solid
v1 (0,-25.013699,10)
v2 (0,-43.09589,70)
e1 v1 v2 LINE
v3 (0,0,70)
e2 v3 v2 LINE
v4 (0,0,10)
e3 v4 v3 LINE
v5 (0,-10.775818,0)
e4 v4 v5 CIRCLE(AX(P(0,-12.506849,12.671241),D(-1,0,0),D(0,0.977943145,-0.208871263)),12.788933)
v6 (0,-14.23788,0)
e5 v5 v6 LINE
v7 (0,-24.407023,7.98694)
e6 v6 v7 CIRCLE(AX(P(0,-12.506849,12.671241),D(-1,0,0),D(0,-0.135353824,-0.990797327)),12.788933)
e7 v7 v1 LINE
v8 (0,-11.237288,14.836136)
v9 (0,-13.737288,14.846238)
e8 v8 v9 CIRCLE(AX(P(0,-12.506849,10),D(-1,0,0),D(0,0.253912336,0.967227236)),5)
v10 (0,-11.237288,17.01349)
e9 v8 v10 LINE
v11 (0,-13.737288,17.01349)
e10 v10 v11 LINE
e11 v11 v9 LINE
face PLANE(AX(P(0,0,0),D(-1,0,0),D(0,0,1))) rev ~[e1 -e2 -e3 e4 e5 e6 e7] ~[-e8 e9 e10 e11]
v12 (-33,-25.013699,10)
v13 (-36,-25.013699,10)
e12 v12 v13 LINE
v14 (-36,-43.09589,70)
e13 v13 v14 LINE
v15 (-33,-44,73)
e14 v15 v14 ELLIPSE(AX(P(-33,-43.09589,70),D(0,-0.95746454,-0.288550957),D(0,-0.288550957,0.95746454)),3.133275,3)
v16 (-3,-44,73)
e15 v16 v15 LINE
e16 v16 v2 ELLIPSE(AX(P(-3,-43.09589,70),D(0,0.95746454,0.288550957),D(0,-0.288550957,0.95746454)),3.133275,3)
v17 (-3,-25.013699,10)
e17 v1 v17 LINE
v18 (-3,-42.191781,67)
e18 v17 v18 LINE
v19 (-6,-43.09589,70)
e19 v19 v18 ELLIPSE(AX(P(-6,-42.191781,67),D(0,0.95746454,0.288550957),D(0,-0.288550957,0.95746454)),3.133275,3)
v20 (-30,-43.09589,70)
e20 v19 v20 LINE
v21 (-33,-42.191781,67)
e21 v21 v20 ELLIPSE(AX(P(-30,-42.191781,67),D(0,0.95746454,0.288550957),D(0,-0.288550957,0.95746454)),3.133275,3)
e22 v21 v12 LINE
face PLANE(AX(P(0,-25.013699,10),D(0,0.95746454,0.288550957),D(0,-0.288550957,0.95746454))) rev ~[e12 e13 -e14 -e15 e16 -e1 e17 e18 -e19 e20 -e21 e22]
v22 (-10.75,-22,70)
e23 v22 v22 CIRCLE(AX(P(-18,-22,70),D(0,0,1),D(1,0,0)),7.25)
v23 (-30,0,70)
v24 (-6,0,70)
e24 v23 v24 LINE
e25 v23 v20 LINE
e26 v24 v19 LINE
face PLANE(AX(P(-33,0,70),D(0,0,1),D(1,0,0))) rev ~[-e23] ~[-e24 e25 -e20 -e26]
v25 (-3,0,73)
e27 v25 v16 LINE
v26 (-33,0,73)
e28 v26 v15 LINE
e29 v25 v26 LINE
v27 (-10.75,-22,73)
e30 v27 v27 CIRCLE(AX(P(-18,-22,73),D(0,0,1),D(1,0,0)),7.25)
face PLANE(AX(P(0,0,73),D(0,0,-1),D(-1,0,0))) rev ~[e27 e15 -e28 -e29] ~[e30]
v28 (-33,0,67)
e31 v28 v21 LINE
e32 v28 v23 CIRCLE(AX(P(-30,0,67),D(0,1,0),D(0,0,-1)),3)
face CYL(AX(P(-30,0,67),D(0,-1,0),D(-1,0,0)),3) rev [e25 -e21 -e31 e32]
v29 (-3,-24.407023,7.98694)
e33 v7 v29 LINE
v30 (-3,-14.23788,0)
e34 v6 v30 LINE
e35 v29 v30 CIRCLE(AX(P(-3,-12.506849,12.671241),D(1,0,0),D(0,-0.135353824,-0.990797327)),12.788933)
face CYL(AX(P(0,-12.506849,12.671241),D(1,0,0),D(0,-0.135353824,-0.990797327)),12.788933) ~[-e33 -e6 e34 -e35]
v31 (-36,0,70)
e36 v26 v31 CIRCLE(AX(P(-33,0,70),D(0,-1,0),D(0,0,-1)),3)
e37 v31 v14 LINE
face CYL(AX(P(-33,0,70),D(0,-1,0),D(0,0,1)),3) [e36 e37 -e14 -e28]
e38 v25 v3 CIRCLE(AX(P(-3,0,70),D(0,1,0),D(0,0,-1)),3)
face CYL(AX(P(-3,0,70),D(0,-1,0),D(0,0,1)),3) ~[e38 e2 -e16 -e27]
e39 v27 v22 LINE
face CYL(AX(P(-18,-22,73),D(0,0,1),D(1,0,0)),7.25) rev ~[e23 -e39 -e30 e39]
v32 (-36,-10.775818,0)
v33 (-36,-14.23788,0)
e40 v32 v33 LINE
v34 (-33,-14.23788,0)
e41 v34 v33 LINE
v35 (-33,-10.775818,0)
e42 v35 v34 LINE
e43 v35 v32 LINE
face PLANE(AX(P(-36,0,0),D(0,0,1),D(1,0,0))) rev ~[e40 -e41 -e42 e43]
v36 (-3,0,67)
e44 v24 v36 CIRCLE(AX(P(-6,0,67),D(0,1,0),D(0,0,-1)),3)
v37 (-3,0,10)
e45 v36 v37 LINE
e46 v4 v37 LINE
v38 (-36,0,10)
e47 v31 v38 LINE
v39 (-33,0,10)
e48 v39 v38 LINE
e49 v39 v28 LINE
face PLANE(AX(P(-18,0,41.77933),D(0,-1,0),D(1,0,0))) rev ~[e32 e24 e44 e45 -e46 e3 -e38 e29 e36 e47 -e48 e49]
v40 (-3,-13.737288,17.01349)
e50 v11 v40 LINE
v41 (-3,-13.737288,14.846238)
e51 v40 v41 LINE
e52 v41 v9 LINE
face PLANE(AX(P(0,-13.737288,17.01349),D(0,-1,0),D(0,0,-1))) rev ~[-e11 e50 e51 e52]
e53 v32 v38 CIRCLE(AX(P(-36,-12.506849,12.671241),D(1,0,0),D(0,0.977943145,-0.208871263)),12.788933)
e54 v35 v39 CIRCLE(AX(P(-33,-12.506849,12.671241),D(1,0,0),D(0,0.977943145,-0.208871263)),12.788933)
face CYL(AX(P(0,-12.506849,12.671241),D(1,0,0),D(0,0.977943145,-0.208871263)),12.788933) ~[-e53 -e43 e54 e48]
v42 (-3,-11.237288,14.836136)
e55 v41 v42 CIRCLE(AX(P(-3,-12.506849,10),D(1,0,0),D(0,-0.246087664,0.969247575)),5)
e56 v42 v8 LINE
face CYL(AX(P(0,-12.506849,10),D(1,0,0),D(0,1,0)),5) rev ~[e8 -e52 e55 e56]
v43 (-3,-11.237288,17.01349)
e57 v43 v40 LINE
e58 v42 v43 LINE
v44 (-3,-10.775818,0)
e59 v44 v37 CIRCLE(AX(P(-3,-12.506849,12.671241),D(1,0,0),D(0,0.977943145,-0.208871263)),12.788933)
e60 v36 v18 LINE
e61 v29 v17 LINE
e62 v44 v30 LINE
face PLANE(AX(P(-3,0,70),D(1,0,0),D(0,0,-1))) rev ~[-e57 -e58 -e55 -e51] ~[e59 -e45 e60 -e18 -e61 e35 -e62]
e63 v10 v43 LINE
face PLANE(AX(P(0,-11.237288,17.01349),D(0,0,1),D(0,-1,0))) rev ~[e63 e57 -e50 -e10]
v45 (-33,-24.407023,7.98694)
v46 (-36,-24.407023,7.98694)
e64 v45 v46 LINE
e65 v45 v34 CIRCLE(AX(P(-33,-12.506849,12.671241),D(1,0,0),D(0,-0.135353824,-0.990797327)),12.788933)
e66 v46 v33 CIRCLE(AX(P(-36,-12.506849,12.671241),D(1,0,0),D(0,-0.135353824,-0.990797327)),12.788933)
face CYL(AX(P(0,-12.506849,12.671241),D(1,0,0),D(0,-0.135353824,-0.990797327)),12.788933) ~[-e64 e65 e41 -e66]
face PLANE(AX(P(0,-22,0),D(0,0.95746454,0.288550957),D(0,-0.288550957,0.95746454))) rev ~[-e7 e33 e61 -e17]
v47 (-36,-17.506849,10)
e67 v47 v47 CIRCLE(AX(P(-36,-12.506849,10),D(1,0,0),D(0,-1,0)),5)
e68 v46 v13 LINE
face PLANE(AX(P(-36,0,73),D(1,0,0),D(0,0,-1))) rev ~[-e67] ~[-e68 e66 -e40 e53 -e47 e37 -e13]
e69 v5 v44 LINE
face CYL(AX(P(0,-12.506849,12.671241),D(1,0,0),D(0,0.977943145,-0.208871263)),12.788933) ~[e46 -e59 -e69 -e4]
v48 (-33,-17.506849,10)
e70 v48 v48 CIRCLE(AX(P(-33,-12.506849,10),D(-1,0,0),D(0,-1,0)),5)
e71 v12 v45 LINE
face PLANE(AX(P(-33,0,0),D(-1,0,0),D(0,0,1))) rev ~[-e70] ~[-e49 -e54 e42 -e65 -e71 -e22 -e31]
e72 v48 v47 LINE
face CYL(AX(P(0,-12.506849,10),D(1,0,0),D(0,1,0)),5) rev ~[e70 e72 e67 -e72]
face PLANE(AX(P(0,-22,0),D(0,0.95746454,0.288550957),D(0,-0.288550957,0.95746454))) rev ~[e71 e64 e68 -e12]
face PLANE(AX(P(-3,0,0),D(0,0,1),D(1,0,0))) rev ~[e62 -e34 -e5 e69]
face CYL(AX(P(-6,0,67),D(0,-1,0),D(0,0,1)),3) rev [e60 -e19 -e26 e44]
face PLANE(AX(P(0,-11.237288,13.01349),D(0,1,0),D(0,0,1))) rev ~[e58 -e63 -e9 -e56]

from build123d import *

# Parameters (mm, degrees)
F1_DEPTH  = 44
F3_DEPTH  = 55.2
F5_DEPTH  = 63.6
F7_DEPTH  = 49.8
F9_DEPTH  = 25
F10_R     = 7.25
F11_DEPTH = 25
F12_R     = 3
F13_R     = 3
F14_R     = 3
F15_R     = 3


with BuildPart() as f1:
    # F0 (on Front) → F1 (new body)
    with BuildSketch(Plane.XZ):
        Polygon((-36, 0), (-33, 0), (-33, 70), (-3, 70), (-3, 0), (0, 0), (0, 73), (-36, 73), align=None)
    extrude(amount=F1_DEPTH)

    # F2 (on face) → F3 (cut)
    with BuildSketch(Plane.YZ):
        Polygon((-44, 73), (-44, 10), (-25.0136986301, 10), align=None)
        Polygon((-25.0136986301, 10), (-44, 10), (-44, 0), (-22, 0), align=None)
    extrude(amount=-F3_DEPTH, mode=Mode.SUBTRACT)

    # F4 (on face) → F5 (cut)
    with BuildSketch(Plane.YZ):
        with BuildLine():
            Line((-24.407023006, 7.9869399744), (-25.0136986301, 10))
            ThreePointArc((-25.0136986301, 10), (-24.7517991178, 8.9809817325), (-24.407023006, 7.9869399744))
        make_face()
        with BuildLine():
            Line((-22, 0), (-14.237880293, 0))
            ThreePointArc((-14.237880293, 0), (-20.4062314251, 2.6135784089), (-24.407023006, 7.9869399744))
            Line((-24.407023006, 7.9869399744), (-22, 0))
        make_face()
        with BuildLine():
            Line((0, 0), (0, 10))
            ThreePointArc((0, 10), (-3.807463773, 3.2969407526), (-10.7758183371, 0))
            Line((-10.7758183371, 0), (0, 0))
        make_face()
    extrude(amount=-F5_DEPTH, mode=Mode.SUBTRACT)

    # F4 (on face) + F6 (on face) → F7 (cut)
    with BuildSketch(Plane.YZ):
        with BuildLine():
            Line((-17.5068493151, 10), (-7.5068493151, 10))
            ThreePointArc((-7.5068493151, 10), (-12.5068493151, 15), (-17.5068493151, 10))
        make_face()
    with BuildSketch(Plane.YZ):
        with BuildLine():
            Line((-7.5068493151, 10), (-17.5068493151, 10))
            ThreePointArc((-17.5068493151, 10), (-12.5068493151, 5), (-7.5068493151, 10))
        make_face()
    extrude(amount=-F7_DEPTH, mode=Mode.SUBTRACT)

    # F8 (on face) → F9 (cut)
    with BuildSketch(Plane.YZ):
        with BuildLine():
            Line((-11.2372876331, 17.0134898722), (-13.7372876331, 17.0134898722))
            Line((-13.7372876331, 17.0134898722), (-13.7372876331, 14.8462378755))
            ThreePointArc((-13.7372876331, 14.8462378755), (-12.4866460858, 14.9999591828), (-11.2372876331, 14.8361361784))
            Line((-11.2372876331, 14.8361361784), (-11.2372876331, 17.0134898722))
        make_face()
        with BuildLine():
            ThreePointArc((-11.2372876331, 14.8361361784), (-12.4866460858, 14.9999591828), (-13.7372876331, 14.8462378755))
            Line((-13.7372876331, 14.8462378755), (-13.7372876331, 13.0134898722))
            Line((-13.7372876331, 13.0134898722), (-11.2372876331, 13.0134898722))
            Line((-11.2372876331, 13.0134898722), (-11.2372876331, 14.8361361784))
        make_face()
    extrude(amount=-F9_DEPTH, mode=Mode.SUBTRACT)

    # F10 (on face) → F11 (cut)
    with BuildSketch(Plane.XY.offset(73)):
        with Locations((-18, -22)):
            Circle(F10_R)
    extrude(amount=-F11_DEPTH, mode=Mode.SUBTRACT)

    # F12
    f12_edges = [f1.edges().sort_by_distance(p)[0] for p in [
        (0, -22, 73),
    ]]
    fillet(f12_edges, radius=F12_R)

    # F13
    f13_edges = [f1.edges().sort_by_distance(p)[0] for p in [
        (-36, -22, 73),
    ]]
    fillet(f13_edges, radius=F13_R)

    # F14
    f14_edges = [f1.edges().sort_by_distance(p)[0] for p in [
        (-33, -21.547945, 70),
    ]]
    fillet(f14_edges, radius=F14_R)

    # F15
    f15_edges = [f1.edges().sort_by_distance(p)[0] for p in [
        (-3, -21.547945, 70),
    ]]
    fillet(f15_edges, radius=F15_R)


solid = f1.part
